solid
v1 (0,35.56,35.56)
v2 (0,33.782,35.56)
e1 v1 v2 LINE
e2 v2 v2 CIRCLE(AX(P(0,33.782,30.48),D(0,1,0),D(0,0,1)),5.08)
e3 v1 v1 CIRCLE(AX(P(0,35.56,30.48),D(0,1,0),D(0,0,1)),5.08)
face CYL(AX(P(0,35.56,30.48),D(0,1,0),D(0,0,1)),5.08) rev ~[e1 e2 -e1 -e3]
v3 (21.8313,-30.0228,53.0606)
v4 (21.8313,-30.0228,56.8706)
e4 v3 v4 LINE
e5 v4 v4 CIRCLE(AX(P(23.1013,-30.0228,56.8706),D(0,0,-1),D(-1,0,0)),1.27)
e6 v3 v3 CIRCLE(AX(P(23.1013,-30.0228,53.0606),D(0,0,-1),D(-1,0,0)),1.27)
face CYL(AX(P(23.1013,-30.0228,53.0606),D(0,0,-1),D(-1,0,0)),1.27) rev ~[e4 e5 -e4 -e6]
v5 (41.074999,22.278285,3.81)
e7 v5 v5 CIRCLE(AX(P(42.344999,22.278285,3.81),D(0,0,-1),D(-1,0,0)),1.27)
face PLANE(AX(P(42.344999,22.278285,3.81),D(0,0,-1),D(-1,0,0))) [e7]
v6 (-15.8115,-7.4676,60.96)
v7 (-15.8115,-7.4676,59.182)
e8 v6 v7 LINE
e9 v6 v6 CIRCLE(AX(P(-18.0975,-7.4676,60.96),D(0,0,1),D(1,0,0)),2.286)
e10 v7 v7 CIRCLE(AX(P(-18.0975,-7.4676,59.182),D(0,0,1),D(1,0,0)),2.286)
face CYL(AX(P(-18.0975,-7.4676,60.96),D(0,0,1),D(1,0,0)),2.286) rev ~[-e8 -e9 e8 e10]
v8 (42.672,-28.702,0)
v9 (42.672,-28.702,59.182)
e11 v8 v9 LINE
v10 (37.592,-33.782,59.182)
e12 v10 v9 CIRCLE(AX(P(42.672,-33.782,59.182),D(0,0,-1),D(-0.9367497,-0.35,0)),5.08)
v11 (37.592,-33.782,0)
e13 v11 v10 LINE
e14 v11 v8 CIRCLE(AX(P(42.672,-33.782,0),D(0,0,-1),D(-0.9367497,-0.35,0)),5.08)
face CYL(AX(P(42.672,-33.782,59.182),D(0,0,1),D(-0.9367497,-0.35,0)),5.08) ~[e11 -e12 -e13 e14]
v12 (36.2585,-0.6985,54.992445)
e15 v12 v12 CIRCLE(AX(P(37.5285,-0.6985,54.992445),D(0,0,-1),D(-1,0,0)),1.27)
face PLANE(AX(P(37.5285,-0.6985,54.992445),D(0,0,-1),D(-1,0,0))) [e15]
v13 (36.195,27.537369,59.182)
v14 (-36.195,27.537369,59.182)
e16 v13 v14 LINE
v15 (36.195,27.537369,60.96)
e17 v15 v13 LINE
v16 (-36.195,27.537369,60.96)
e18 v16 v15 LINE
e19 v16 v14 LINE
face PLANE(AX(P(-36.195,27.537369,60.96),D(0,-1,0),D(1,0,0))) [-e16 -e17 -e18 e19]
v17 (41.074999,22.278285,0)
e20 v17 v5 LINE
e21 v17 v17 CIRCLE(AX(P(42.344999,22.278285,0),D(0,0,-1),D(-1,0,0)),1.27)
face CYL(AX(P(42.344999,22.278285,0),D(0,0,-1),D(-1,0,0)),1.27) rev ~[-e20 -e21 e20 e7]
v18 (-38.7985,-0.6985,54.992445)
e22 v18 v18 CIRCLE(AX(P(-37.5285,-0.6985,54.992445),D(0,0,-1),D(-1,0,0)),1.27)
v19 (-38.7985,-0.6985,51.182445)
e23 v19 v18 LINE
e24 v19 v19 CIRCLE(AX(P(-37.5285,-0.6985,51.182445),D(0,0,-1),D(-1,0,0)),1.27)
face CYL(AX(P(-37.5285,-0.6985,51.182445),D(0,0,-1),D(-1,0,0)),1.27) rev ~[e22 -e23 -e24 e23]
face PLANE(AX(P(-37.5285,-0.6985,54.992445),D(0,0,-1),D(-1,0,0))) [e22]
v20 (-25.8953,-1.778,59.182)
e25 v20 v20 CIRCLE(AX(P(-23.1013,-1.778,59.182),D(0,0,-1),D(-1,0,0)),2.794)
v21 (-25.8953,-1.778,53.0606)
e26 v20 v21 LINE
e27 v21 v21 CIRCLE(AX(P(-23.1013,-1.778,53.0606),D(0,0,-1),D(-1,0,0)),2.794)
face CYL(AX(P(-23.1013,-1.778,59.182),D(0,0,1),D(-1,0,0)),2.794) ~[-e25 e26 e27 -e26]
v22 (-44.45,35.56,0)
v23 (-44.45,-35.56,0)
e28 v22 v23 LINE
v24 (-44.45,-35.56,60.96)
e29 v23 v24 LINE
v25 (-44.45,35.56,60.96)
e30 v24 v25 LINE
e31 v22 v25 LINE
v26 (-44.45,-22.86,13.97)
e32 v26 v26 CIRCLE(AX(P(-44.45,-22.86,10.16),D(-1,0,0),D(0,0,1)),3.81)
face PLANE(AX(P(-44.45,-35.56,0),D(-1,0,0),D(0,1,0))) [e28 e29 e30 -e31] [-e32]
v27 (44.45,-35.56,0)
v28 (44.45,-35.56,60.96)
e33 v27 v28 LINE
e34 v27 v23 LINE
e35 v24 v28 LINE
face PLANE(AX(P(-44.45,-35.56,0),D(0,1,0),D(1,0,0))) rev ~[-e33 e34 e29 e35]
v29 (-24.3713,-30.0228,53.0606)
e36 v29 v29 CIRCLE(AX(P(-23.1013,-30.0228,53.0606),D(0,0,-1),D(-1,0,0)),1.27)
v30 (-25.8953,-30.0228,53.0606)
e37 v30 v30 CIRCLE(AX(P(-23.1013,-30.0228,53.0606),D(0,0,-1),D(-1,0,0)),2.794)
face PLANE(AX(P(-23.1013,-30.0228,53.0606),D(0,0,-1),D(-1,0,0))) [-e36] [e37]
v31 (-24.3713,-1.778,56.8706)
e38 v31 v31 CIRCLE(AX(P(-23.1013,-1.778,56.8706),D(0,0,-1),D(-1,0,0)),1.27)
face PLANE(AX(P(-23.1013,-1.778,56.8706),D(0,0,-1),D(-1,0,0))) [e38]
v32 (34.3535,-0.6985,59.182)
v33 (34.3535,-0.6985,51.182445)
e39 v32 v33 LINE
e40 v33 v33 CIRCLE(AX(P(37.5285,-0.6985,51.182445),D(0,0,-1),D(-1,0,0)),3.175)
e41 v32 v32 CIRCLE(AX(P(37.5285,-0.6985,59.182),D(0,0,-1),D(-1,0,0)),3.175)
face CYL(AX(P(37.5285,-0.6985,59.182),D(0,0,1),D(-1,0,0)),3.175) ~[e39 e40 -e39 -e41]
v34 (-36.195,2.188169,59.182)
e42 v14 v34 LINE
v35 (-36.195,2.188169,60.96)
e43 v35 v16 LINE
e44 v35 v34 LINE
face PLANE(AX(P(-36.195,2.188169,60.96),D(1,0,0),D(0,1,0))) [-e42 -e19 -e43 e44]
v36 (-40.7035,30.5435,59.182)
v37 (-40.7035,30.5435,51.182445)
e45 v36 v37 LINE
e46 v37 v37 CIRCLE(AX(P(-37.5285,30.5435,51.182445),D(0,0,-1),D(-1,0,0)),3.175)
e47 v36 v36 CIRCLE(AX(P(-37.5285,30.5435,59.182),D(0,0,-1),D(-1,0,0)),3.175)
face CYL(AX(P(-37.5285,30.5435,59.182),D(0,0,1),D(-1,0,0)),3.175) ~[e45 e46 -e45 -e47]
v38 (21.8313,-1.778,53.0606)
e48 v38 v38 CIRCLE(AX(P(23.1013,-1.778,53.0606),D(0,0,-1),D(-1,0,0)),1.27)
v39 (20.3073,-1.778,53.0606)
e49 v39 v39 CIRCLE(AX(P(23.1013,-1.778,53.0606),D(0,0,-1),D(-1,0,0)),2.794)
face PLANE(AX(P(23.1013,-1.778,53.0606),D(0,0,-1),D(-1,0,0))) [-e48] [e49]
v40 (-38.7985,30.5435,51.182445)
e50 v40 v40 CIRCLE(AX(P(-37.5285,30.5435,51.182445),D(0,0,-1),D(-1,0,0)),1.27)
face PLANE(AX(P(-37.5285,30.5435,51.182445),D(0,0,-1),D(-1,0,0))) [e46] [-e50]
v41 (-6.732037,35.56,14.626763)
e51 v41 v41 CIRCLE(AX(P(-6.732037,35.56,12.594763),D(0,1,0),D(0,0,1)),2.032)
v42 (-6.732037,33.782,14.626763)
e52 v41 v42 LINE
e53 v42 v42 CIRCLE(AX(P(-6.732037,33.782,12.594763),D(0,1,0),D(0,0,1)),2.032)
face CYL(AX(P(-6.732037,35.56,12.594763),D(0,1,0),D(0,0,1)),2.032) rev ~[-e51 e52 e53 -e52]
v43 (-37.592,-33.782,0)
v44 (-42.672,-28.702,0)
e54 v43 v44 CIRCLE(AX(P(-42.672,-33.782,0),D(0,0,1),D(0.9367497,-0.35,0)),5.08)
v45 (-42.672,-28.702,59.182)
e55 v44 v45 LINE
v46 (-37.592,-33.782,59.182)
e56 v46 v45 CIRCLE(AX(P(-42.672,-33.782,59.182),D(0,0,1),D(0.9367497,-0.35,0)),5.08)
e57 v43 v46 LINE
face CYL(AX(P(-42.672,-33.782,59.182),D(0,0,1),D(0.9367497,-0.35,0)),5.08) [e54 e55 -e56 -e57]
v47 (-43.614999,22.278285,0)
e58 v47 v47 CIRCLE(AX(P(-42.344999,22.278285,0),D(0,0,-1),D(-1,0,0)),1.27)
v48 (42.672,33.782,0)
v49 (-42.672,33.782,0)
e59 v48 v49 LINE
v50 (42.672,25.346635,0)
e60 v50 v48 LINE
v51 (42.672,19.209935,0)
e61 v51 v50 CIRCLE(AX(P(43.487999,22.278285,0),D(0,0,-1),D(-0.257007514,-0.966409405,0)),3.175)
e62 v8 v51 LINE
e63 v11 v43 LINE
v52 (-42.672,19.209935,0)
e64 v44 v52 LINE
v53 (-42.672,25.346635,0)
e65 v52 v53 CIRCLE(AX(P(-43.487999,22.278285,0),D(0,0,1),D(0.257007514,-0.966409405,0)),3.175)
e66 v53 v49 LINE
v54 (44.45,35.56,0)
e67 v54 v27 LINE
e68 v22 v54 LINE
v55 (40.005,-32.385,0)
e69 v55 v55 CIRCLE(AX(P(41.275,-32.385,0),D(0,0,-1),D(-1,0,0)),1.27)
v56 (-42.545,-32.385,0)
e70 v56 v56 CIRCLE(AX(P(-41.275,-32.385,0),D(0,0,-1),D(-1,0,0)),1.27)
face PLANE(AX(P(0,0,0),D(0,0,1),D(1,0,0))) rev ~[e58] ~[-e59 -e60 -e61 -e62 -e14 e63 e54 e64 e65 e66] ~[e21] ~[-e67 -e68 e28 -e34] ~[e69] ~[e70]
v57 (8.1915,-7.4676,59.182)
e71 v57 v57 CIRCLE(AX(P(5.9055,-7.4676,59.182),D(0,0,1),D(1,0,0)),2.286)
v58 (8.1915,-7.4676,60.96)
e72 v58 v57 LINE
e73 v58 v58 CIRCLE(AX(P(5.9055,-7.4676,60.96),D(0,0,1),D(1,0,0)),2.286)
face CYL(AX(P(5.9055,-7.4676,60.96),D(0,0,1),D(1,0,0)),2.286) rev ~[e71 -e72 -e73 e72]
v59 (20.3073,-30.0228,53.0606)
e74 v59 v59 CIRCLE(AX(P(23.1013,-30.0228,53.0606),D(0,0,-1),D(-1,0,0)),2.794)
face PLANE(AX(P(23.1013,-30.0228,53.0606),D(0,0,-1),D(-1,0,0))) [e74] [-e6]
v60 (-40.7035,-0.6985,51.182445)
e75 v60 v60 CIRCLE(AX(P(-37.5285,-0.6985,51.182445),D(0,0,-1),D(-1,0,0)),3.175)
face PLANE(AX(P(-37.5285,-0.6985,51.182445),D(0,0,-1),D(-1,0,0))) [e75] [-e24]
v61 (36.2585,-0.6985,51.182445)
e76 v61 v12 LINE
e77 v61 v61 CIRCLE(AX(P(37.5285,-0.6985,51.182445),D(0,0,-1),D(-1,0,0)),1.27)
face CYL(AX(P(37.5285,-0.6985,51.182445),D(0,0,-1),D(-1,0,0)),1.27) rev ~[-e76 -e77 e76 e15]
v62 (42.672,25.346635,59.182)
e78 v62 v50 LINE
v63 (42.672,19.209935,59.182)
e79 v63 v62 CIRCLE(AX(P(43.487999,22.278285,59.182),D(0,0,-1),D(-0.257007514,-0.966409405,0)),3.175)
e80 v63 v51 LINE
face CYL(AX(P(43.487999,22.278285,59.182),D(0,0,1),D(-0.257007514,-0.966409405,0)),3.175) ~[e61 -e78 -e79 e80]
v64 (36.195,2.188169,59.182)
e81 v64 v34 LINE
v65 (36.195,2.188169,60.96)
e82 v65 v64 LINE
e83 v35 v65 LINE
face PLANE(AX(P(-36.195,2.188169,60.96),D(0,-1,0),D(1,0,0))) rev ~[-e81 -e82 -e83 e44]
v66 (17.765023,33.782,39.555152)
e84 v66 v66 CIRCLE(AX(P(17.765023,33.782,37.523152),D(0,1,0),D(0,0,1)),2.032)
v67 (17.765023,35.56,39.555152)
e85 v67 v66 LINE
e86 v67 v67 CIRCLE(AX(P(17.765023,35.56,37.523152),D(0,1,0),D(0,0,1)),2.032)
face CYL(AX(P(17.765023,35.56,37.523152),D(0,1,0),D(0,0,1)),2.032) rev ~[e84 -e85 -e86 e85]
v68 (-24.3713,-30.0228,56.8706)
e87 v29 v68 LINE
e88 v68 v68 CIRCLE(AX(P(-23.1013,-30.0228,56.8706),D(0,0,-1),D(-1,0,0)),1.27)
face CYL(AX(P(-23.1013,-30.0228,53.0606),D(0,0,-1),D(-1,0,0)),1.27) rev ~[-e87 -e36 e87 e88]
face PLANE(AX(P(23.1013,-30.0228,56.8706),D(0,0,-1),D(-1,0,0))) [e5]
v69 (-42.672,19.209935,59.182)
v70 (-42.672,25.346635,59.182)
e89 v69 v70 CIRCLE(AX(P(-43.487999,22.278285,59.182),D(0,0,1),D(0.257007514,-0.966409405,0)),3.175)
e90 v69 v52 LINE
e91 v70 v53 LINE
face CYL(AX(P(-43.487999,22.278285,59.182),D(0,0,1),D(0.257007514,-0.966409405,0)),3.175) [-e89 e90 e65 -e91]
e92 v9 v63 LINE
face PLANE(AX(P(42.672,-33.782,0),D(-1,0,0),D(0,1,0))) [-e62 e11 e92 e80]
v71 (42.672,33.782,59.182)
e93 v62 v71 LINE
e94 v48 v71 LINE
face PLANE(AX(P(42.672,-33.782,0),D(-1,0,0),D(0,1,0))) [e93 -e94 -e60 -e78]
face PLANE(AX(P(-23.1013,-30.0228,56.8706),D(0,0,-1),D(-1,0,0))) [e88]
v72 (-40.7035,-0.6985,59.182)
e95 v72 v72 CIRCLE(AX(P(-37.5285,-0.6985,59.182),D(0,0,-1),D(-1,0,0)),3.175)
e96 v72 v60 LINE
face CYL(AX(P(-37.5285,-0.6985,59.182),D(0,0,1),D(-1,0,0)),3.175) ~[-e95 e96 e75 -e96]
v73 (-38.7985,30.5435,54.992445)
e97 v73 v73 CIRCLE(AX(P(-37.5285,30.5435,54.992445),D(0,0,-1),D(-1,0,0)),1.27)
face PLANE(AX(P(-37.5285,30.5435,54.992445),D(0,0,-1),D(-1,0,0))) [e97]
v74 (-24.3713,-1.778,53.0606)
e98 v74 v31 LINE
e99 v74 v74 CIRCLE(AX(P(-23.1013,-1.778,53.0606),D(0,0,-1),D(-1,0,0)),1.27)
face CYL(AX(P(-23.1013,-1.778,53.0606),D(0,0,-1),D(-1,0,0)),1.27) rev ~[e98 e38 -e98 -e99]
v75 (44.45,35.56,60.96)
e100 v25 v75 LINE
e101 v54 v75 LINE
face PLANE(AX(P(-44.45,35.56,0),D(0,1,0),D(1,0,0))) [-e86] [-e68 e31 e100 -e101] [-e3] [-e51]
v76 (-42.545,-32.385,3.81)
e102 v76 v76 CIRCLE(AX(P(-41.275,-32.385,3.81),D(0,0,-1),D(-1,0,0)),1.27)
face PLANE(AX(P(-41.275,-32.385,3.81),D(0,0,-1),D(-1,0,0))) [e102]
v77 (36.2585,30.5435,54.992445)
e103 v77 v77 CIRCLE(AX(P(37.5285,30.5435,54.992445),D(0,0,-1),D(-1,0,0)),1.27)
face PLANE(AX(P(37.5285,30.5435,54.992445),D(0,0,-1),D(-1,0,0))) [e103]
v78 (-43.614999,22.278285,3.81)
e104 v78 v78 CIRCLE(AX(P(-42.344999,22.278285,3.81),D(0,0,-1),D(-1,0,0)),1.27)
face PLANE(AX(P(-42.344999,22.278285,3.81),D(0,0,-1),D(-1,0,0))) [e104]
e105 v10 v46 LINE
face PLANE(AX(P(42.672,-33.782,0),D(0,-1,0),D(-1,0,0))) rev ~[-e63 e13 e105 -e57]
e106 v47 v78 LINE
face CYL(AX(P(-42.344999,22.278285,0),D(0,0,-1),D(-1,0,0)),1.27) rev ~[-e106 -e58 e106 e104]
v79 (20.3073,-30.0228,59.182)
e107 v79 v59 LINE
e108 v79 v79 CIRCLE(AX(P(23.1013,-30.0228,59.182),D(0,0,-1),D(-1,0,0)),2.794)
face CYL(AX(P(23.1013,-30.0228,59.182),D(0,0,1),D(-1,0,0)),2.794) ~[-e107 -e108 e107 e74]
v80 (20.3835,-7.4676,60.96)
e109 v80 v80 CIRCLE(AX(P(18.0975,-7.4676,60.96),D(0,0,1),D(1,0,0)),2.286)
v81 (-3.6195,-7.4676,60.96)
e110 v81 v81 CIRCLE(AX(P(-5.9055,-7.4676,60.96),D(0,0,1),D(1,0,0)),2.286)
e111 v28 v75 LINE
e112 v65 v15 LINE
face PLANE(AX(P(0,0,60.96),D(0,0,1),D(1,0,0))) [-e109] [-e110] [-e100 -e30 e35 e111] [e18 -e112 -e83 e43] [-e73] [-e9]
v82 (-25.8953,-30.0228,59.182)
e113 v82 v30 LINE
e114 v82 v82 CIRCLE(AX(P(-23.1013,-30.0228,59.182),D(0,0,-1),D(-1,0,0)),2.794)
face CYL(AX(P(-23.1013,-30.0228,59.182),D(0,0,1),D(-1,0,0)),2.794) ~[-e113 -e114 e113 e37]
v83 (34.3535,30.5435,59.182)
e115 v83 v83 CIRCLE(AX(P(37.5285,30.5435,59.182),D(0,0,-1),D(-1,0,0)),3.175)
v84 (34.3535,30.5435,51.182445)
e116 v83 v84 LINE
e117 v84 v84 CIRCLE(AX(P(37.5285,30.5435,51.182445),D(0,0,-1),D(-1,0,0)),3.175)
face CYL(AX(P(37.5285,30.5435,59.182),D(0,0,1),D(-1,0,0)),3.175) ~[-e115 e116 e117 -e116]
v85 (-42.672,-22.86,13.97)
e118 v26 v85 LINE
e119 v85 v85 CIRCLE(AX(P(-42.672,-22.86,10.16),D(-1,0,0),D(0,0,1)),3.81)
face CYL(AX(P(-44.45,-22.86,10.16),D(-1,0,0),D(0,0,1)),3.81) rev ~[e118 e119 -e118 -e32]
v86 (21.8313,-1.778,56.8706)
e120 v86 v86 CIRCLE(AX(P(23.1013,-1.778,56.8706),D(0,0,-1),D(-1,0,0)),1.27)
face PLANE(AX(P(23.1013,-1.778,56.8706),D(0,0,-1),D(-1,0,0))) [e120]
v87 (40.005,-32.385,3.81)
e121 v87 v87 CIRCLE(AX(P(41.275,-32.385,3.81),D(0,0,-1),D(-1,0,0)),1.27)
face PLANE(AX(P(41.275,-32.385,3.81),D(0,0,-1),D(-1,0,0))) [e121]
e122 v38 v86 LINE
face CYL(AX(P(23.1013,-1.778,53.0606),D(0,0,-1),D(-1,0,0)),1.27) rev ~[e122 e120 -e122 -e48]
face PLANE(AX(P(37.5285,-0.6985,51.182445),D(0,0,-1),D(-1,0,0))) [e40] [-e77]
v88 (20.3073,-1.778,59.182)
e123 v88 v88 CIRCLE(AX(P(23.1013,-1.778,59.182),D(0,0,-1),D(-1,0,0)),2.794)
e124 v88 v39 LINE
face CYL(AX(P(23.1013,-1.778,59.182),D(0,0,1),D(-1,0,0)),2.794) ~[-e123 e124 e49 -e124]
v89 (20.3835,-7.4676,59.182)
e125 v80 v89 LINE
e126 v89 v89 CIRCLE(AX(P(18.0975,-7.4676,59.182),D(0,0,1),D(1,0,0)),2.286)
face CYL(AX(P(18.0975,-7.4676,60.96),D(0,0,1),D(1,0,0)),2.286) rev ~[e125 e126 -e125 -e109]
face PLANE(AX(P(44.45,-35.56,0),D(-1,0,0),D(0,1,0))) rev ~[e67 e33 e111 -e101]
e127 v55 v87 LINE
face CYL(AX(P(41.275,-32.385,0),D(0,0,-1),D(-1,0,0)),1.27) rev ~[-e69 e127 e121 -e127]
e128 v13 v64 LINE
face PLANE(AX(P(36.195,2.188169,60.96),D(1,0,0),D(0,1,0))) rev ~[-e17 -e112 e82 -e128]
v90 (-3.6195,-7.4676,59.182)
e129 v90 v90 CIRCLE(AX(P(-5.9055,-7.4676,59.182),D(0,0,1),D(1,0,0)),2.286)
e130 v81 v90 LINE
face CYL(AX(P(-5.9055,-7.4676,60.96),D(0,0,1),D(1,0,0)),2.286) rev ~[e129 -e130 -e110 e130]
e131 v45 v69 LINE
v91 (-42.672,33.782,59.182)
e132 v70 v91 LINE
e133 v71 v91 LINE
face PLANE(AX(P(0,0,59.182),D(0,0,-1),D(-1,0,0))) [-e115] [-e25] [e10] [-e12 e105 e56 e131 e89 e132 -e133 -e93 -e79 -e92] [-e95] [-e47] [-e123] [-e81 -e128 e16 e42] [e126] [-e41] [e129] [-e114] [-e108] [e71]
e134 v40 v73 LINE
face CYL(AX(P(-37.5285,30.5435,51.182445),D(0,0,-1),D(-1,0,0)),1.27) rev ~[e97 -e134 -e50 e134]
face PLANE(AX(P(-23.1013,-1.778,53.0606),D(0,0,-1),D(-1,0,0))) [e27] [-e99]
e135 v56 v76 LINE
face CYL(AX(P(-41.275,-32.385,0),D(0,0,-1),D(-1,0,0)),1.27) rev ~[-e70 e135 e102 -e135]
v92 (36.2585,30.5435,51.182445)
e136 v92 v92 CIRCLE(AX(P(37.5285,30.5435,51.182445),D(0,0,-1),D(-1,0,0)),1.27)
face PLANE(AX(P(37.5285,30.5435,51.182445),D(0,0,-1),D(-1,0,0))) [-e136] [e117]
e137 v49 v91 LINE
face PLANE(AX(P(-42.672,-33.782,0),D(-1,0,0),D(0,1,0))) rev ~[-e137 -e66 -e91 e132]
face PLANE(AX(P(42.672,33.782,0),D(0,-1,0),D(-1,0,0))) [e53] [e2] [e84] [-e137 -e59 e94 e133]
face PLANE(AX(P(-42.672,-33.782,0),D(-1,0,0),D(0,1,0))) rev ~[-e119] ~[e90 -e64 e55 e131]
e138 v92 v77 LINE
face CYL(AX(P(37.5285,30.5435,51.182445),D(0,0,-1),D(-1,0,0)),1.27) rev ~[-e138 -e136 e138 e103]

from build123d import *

# Parameters (mm, degrees)
SKETCH1_W           = 88.9
SKETCH1_H           = 71.12
BOSS_EXTRUDE1_DEPTH = 60.96
SKETCH2_W           = 85.344
SKETCH2_H           = 67.564
CUT_EXTRUDE1_DEPTH  = 59.182
SKETCH3_R           = 2.286
CUT_EXTRUDE2_DEPTH  = 5.08
SKETCH4_R           = 2.794
BOSS_EXTRUDE2_DEPTH = 6.1214
SKETCH5_R           = 1.27
CUT_EXTRUDE3_DEPTH  = 3.81
SKETCH7_W           = 72.39
SKETCH7_H           = 25.3492
CUT_EXTRUDE5_DEPTH  = 4.699
SKETCH8_R           = 3.175
BOSS_EXTRUDE3_DEPTH = 7.999555
SKETCH9_R           = 1.27
CUT_EXTRUDE6_DEPTH  = 3.81
SKETCH11_R          = 2.032
SKETCH11_R_2        = 5.08
CUT_EXTRUDE7_DEPTH  = 5.08
SKETCH12_R          = 3.81
CUT_EXTRUDE8_DEPTH  = 3.302
BOSS_EXTRUDE4_DEPTH = 59.182
SKETCH14_R          = 1.27
CUT_EXTRUDE9_DEPTH  = 3.81


with BuildPart() as part:
    # Sketch1 → Boss-Extrude1 (new body)
    with BuildSketch(Plane.XY):
        Rectangle(SKETCH1_W, SKETCH1_H)
    extrude(amount=BOSS_EXTRUDE1_DEPTH)

    # Sketch2 → Cut-Extrude1 (cut)
    with BuildSketch(Plane(origin=(0, 0, 0), x_dir=(-1, 0, 0), z_dir=(0, 0, -1))):
        Rectangle(SKETCH2_W, SKETCH2_H)
    extrude(amount=-CUT_EXTRUDE1_DEPTH, mode=Mode.SUBTRACT)

    # Sketch3 → Cut-Extrude2 (cut)
    with BuildSketch(Plane.XY.offset(60.96)):
        with Locations((-18.0975, -7.4676)):
            Circle(SKETCH3_R)
        with Locations((-5.9055, -7.4676)):
            Circle(SKETCH3_R)
        with Locations((5.9055, -7.4676)):
            Circle(SKETCH3_R)
        with Locations((18.0975, -7.4676)):
            Circle(SKETCH3_R)
    extrude(amount=-CUT_EXTRUDE2_DEPTH, mode=Mode.SUBTRACT)

    # Sketch4 → Boss-Extrude2 (add)
    with BuildSketch(Plane(origin=(0, 0, 59.182), x_dir=(-1, 0, 0), z_dir=(0, 0, -1))):
        with Locations((-23.1013, -1.778)):
            Circle(SKETCH4_R)
        with Locations((23.1013, -1.778)):
            Circle(SKETCH4_R)
        with Locations((23.1013, -30.0228)):
            Circle(SKETCH4_R)
        with Locations((-23.1013, -30.0228)):
            Circle(SKETCH4_R)
    extrude(amount=BOSS_EXTRUDE2_DEPTH)

    # Sketch5 → Cut-Extrude3 (cut)
    with BuildSketch(Plane(origin=(0, 0, 53.0606), x_dir=(-1, 0, 0), z_dir=(0, 0, -1))):
        with Locations((-23.1013, -1.778)):
            Circle(SKETCH5_R)
        with Locations((23.1013, -1.778)):
            Circle(SKETCH5_R)
        with Locations((23.1013, -30.0228)):
            Circle(SKETCH5_R)
        with Locations((-23.1013, -30.0228)):
            Circle(SKETCH5_R)
    extrude(amount=-CUT_EXTRUDE3_DEPTH, mode=Mode.SUBTRACT)

    # Sketch7 → Cut-Extrude5 (cut)
    with BuildSketch(Plane.XY.offset(60.96)):
        with Locations((0, 14.862768706)):
            Rectangle(SKETCH7_W, SKETCH7_H)
    extrude(amount=-CUT_EXTRUDE5_DEPTH, mode=Mode.SUBTRACT)

    # Sketch8 → Boss-Extrude3 (add)
    with BuildSketch(Plane(origin=(0, 0, 59.182), x_dir=(-1, 0, 0), z_dir=(0, 0, -1))):
        with Locations((-37.5285, 30.5435)):
            Circle(SKETCH8_R)
        with Locations((37.5285, 30.5435)):
            Circle(SKETCH8_R)
        with Locations((37.5285, -0.6985)):
            Circle(SKETCH8_R)
        with Locations((-37.5285, -0.6985)):
            Circle(SKETCH8_R)
    extrude(amount=BOSS_EXTRUDE3_DEPTH)

    # Sketch9 → Cut-Extrude6 (cut)
    with BuildSketch(Plane(origin=(0, 0, 51.182445152), x_dir=(-1, 0, 0), z_dir=(0, 0, -1))):
        with Locations((-37.5285, 30.5435)):
            Circle(SKETCH9_R)
        with Locations((37.5285, 30.5435)):
            Circle(SKETCH9_R)
        with Locations((37.5285, -0.6985)):
            Circle(SKETCH9_R)
        with Locations((-37.5285, -0.6985)):
            Circle(SKETCH9_R)
    extrude(amount=-CUT_EXTRUDE6_DEPTH, mode=Mode.SUBTRACT)

    # Sketch11 → Cut-Extrude7 (cut)
    with BuildSketch(Plane(origin=(0, 35.56, 0), x_dir=(1, 0, 0), z_dir=(0, 1, 0))):
        with Locations(Location((-6.732036627, -12.594763228, 0), (0, 0, 270))):
            Circle(SKETCH11_R)
        with Locations(Location((17.765022524, -37.523151726, 0), (0, 0, 270))):
            Circle(SKETCH11_R)
        with Locations(Location((0, -30.48, 0), (0, 0, 270))):
            Circle(SKETCH11_R_2)
    extrude(amount=-CUT_EXTRUDE7_DEPTH, mode=Mode.SUBTRACT)

    # Sketch12 → Cut-Extrude8 (cut)
    with BuildSketch(Plane.ZY.offset(44.45)):
        with Locations((10.16, -22.86)):
            Circle(SKETCH12_R)
    extrude(amount=-CUT_EXTRUDE8_DEPTH, mode=Mode.SUBTRACT)

    # Sketch13 → Boss-Extrude4 (add)
    with BuildSketch(Plane(origin=(0, 0, 59.182), x_dir=(-1, 0, 0), z_dir=(0, 0, -1))):
        with BuildLine():
            Line((42.672, 25.346634714), (42.672, 19.209934994))
            ThreePointArc((42.672, 19.209934994), (40.312998858, 22.278284854), (42.672, 25.346634714))
        make_face()
        with BuildLine():
            Line((44.45, -29.023311525), (44.45, -35.56))
            Line((44.45, -35.56), (37.913311525, -35.56))
            ThreePointArc((37.913311525, -35.56), (39.079897552, -30.189897552), (44.45, -29.023311525))
        make_face()
        with BuildLine():
            Line((-42.672, 25.346634714), (-42.672, 19.209934994))
            ThreePointArc((-42.672, 19.209934994), (-40.312998858, 22.278284854), (-42.672, 25.346634714))
        make_face()
        with BuildLine():
            Line((-44.45, -29.023311525), (-44.45, -35.56))
            Line((-44.45, -35.56), (-37.913311525, -35.56))
            ThreePointArc((-37.913311525, -35.56), (-39.079897552, -30.189897552), (-44.45, -29.023311525))
        make_face()
    extrude(amount=BOSS_EXTRUDE4_DEPTH)

    # Sketch14 → Cut-Extrude9 (cut)
    with BuildSketch(Plane(origin=(0, 0, 0), x_dir=(-1, 0, 0), z_dir=(0, 0, -1))):
        with Locations((-42.344998858, 22.278284854)):
            Circle(SKETCH14_R)
        with Locations((-41.275, -32.385)):
            Circle(SKETCH14_R)
        with Locations((41.275, -32.385)):
            Circle(SKETCH14_R)
        with Locations((42.344998858, 22.278284854)):
            Circle(SKETCH14_R)
    extrude(amount=-CUT_EXTRUDE9_DEPTH, mode=Mode.SUBTRACT)


solid = part.part
